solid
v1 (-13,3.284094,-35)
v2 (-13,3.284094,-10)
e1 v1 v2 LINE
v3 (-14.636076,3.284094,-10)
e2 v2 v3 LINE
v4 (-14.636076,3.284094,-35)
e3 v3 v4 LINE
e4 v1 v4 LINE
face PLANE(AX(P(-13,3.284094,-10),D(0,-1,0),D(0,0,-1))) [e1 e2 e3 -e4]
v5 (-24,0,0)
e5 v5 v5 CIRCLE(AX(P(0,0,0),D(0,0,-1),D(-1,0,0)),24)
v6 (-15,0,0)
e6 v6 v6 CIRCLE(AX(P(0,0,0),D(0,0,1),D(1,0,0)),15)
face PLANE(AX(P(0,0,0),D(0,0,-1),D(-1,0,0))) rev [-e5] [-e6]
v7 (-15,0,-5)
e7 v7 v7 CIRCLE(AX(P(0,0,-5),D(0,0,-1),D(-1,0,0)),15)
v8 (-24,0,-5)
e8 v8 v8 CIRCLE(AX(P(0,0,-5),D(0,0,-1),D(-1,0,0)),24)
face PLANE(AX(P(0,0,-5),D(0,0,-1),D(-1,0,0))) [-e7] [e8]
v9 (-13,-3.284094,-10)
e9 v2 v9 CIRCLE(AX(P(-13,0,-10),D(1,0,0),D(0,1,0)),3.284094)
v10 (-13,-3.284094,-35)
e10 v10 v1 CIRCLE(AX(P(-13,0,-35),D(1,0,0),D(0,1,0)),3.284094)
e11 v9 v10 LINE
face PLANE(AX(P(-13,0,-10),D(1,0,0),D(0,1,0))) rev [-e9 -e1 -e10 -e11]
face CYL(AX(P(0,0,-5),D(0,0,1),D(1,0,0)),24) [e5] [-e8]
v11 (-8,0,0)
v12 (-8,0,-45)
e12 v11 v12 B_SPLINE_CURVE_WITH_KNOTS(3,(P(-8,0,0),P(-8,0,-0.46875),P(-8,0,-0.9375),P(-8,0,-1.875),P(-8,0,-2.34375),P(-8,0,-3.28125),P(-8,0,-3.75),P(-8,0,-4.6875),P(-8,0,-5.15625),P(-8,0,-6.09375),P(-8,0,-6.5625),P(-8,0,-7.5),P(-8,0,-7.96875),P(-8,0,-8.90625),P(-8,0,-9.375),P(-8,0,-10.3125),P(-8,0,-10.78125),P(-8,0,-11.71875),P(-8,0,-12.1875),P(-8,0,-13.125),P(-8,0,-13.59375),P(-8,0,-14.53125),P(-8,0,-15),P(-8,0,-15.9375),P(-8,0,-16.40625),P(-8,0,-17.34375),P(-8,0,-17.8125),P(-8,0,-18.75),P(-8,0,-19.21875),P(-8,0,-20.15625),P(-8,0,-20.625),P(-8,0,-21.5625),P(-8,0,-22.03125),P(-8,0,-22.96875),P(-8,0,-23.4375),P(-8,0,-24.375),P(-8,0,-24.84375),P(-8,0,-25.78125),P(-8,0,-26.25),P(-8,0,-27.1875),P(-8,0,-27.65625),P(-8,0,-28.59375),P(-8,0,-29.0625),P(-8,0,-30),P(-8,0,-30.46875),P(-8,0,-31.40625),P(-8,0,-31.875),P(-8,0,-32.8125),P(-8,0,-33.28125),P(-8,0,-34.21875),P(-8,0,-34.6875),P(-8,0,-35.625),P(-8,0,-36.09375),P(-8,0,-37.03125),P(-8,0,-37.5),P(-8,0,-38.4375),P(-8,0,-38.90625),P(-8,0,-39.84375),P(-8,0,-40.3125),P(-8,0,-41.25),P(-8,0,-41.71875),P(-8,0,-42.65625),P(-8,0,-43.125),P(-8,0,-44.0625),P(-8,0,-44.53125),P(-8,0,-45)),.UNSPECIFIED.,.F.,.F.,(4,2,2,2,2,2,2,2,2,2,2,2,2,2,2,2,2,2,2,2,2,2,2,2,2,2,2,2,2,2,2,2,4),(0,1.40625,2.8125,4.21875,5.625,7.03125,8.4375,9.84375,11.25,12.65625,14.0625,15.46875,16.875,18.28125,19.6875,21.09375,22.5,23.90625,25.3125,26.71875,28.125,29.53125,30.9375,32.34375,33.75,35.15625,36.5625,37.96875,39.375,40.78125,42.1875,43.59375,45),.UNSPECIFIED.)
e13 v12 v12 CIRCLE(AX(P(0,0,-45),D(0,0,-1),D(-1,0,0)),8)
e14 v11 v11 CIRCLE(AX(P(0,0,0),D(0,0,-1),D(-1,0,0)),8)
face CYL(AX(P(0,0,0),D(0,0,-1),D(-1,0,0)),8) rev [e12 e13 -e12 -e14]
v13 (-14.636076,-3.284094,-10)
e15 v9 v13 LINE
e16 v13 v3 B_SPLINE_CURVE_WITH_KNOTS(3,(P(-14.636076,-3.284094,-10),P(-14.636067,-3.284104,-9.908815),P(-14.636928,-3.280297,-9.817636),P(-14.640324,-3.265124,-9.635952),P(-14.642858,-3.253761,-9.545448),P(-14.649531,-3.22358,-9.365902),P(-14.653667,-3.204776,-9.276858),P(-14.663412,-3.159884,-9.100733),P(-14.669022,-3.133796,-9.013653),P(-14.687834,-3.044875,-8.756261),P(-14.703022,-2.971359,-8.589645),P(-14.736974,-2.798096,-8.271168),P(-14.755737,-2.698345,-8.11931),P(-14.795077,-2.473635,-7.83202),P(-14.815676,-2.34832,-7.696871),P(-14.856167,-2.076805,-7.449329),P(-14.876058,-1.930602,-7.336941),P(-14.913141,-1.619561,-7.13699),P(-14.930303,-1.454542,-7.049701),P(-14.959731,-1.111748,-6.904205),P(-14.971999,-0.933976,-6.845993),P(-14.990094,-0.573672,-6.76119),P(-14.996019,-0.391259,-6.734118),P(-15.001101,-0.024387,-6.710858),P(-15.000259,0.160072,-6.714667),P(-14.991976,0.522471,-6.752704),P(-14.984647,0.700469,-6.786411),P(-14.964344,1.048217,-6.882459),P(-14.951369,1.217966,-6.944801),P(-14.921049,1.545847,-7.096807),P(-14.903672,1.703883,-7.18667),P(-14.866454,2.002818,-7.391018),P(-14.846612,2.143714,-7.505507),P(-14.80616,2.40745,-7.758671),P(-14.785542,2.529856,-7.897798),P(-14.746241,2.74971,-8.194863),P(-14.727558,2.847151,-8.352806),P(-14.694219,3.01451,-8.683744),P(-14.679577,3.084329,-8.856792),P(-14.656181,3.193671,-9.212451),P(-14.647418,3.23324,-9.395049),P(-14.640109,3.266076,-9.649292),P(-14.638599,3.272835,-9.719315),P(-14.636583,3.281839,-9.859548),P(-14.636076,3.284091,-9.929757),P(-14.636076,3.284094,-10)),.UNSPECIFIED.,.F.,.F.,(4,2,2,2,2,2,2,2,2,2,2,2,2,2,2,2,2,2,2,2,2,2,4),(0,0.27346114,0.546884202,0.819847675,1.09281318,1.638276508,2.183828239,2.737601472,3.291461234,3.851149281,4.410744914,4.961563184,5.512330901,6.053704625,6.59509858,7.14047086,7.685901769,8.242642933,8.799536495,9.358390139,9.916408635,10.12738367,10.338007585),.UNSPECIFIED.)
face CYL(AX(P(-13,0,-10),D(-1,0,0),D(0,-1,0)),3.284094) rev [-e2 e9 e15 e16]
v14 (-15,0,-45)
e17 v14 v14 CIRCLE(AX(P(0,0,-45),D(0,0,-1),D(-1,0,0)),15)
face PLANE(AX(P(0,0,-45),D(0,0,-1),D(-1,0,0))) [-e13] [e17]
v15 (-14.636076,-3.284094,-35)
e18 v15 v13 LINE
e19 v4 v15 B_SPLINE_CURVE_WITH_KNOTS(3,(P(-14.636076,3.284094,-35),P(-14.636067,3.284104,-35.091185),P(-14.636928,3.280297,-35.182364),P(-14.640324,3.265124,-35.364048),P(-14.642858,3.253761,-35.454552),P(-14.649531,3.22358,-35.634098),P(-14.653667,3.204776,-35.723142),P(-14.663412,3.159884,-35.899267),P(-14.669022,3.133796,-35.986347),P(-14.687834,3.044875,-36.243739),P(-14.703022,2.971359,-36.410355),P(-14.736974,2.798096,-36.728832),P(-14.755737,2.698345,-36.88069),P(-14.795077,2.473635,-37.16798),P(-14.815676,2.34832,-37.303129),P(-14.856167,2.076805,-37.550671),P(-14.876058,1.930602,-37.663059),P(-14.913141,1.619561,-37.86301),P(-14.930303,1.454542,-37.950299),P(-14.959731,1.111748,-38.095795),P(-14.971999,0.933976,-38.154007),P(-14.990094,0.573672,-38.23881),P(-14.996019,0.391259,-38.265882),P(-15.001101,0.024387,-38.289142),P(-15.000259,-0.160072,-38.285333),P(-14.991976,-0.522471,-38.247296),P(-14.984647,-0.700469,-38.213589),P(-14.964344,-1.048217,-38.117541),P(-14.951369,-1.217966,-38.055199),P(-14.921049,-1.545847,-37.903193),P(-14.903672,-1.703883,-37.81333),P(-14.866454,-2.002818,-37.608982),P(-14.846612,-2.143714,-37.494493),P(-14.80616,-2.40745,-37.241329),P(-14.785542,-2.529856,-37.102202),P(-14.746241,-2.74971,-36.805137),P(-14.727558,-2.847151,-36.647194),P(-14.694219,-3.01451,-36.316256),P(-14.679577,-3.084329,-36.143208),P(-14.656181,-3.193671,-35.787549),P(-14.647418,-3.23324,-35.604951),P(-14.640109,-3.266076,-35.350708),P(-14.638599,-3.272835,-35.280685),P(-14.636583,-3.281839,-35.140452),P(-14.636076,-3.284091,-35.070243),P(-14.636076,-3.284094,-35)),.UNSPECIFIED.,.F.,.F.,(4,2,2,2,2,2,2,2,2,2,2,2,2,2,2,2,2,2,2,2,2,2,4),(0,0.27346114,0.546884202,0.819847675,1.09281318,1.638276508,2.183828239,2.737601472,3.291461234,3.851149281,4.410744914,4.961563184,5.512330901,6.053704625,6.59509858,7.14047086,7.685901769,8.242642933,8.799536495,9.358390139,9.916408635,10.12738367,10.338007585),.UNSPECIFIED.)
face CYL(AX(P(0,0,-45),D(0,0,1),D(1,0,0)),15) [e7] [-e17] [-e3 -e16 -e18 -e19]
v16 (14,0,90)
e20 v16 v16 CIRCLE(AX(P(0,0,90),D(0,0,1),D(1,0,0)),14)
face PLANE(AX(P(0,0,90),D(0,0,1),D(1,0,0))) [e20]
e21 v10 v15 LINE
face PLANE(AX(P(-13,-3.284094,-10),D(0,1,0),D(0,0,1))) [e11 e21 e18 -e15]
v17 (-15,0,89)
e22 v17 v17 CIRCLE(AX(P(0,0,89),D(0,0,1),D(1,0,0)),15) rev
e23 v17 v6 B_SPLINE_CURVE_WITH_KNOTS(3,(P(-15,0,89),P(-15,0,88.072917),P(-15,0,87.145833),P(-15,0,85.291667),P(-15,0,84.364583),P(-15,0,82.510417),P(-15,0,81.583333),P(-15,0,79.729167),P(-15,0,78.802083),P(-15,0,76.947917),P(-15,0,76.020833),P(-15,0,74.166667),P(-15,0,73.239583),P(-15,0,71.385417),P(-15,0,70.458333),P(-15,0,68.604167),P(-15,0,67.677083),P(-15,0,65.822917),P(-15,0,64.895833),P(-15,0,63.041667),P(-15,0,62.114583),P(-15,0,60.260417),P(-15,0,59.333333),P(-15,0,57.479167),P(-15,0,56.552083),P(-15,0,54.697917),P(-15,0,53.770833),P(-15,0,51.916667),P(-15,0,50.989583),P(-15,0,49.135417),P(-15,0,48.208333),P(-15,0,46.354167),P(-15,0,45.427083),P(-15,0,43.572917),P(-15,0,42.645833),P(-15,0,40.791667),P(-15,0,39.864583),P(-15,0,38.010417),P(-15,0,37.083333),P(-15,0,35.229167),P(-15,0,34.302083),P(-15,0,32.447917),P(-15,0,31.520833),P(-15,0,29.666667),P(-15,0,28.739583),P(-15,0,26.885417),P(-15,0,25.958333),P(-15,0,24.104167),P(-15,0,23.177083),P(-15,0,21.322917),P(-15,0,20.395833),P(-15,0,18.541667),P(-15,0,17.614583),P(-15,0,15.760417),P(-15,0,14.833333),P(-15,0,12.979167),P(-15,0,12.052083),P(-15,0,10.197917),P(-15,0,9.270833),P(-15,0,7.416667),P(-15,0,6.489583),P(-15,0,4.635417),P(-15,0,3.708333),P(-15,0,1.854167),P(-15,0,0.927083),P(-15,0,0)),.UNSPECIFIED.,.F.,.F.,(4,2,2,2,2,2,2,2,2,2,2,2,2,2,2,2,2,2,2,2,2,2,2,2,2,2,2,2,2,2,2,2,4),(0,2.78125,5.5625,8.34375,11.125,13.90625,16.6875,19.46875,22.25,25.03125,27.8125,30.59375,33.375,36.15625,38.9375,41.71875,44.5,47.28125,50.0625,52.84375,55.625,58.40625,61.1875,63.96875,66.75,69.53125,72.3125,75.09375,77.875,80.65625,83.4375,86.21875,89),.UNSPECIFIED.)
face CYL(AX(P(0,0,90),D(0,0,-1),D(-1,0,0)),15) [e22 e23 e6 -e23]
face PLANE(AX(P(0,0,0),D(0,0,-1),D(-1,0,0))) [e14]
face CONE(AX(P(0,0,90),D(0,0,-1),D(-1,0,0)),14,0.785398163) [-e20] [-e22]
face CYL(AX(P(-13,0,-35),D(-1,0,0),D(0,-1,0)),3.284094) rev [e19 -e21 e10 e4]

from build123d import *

# Parameters (mm, degrees)
SKETCH1_R           = 15
BOSS_EXTRUDE1_DEPTH = 90
SKETCH2_R           = 24
BOSS_EXTRUDE2_DEPTH = 5
CHAMFER1_SIZE       = 1
BOSS_EXTRUDE3_START = 40
SKETCH4_R           = 15
BOSS_EXTRUDE3_DEPTH = 40
CUT_EXTRUDE1_DEPTH  = 2
SKETCH6_R           = 8
CUT_EXTRUDE2_DEPTH  = 45


with BuildPart() as part:
    # Sketch1 → Boss-Extrude1 (new body)
    with BuildSketch(Plane.XY):
        Circle(SKETCH1_R)
    extrude(amount=BOSS_EXTRUDE1_DEPTH)

    # Sketch2 → Boss-Extrude2 (add)
    with BuildSketch(Plane(origin=(0, 0, 0), x_dir=(-1, 0, 0), z_dir=(0, 0, -1))):
        Circle(SKETCH2_R)
    extrude(amount=BOSS_EXTRUDE2_DEPTH)

    # Chamfer1
    chamfer1_edges = [part.edges().sort_by_distance(p)[0] for p in [
        (-15, 0, 90),
    ]]
    chamfer(chamfer1_edges, length=CHAMFER1_SIZE)

    # Sketch4 → Boss-Extrude3 (add)
    with BuildSketch(Plane(origin=(0, 0, -5), x_dir=(-1, 0, 0), z_dir=(0, 0, -1)).offset(BOSS_EXTRUDE3_START)):
        Circle(SKETCH4_R)
    extrude(amount=-BOSS_EXTRUDE3_DEPTH)

    # Sketch5 → Cut-Extrude1 (cut)
    with BuildSketch(Plane(origin=(-15, 0, -45), x_dir=(0, 0, -1), z_dir=(1, 0, 0))):
        with BuildLine():
            Line((-35, 3.284094305), (-10, 3.284094305))
            ThreePointArc((-10, 3.284094305), (-6.715905695, 0), (-10, -3.284094305))
            Line((-10, -3.284094305), (-35, -3.284094305))
            ThreePointArc((-35, -3.284094305), (-38.284094305, 0), (-35, 3.284094305))
        make_face()
    extrude(amount=CUT_EXTRUDE1_DEPTH, mode=Mode.SUBTRACT)

    # Sketch6 → Cut-Extrude2 (cut)
    with BuildSketch(Plane(origin=(0, 0, -45), x_dir=(-1, 0, 0), z_dir=(0, 0, -1))):
        Circle(SKETCH6_R)
    extrude(amount=-CUT_EXTRUDE2_DEPTH, mode=Mode.SUBTRACT)


solid = part.part
